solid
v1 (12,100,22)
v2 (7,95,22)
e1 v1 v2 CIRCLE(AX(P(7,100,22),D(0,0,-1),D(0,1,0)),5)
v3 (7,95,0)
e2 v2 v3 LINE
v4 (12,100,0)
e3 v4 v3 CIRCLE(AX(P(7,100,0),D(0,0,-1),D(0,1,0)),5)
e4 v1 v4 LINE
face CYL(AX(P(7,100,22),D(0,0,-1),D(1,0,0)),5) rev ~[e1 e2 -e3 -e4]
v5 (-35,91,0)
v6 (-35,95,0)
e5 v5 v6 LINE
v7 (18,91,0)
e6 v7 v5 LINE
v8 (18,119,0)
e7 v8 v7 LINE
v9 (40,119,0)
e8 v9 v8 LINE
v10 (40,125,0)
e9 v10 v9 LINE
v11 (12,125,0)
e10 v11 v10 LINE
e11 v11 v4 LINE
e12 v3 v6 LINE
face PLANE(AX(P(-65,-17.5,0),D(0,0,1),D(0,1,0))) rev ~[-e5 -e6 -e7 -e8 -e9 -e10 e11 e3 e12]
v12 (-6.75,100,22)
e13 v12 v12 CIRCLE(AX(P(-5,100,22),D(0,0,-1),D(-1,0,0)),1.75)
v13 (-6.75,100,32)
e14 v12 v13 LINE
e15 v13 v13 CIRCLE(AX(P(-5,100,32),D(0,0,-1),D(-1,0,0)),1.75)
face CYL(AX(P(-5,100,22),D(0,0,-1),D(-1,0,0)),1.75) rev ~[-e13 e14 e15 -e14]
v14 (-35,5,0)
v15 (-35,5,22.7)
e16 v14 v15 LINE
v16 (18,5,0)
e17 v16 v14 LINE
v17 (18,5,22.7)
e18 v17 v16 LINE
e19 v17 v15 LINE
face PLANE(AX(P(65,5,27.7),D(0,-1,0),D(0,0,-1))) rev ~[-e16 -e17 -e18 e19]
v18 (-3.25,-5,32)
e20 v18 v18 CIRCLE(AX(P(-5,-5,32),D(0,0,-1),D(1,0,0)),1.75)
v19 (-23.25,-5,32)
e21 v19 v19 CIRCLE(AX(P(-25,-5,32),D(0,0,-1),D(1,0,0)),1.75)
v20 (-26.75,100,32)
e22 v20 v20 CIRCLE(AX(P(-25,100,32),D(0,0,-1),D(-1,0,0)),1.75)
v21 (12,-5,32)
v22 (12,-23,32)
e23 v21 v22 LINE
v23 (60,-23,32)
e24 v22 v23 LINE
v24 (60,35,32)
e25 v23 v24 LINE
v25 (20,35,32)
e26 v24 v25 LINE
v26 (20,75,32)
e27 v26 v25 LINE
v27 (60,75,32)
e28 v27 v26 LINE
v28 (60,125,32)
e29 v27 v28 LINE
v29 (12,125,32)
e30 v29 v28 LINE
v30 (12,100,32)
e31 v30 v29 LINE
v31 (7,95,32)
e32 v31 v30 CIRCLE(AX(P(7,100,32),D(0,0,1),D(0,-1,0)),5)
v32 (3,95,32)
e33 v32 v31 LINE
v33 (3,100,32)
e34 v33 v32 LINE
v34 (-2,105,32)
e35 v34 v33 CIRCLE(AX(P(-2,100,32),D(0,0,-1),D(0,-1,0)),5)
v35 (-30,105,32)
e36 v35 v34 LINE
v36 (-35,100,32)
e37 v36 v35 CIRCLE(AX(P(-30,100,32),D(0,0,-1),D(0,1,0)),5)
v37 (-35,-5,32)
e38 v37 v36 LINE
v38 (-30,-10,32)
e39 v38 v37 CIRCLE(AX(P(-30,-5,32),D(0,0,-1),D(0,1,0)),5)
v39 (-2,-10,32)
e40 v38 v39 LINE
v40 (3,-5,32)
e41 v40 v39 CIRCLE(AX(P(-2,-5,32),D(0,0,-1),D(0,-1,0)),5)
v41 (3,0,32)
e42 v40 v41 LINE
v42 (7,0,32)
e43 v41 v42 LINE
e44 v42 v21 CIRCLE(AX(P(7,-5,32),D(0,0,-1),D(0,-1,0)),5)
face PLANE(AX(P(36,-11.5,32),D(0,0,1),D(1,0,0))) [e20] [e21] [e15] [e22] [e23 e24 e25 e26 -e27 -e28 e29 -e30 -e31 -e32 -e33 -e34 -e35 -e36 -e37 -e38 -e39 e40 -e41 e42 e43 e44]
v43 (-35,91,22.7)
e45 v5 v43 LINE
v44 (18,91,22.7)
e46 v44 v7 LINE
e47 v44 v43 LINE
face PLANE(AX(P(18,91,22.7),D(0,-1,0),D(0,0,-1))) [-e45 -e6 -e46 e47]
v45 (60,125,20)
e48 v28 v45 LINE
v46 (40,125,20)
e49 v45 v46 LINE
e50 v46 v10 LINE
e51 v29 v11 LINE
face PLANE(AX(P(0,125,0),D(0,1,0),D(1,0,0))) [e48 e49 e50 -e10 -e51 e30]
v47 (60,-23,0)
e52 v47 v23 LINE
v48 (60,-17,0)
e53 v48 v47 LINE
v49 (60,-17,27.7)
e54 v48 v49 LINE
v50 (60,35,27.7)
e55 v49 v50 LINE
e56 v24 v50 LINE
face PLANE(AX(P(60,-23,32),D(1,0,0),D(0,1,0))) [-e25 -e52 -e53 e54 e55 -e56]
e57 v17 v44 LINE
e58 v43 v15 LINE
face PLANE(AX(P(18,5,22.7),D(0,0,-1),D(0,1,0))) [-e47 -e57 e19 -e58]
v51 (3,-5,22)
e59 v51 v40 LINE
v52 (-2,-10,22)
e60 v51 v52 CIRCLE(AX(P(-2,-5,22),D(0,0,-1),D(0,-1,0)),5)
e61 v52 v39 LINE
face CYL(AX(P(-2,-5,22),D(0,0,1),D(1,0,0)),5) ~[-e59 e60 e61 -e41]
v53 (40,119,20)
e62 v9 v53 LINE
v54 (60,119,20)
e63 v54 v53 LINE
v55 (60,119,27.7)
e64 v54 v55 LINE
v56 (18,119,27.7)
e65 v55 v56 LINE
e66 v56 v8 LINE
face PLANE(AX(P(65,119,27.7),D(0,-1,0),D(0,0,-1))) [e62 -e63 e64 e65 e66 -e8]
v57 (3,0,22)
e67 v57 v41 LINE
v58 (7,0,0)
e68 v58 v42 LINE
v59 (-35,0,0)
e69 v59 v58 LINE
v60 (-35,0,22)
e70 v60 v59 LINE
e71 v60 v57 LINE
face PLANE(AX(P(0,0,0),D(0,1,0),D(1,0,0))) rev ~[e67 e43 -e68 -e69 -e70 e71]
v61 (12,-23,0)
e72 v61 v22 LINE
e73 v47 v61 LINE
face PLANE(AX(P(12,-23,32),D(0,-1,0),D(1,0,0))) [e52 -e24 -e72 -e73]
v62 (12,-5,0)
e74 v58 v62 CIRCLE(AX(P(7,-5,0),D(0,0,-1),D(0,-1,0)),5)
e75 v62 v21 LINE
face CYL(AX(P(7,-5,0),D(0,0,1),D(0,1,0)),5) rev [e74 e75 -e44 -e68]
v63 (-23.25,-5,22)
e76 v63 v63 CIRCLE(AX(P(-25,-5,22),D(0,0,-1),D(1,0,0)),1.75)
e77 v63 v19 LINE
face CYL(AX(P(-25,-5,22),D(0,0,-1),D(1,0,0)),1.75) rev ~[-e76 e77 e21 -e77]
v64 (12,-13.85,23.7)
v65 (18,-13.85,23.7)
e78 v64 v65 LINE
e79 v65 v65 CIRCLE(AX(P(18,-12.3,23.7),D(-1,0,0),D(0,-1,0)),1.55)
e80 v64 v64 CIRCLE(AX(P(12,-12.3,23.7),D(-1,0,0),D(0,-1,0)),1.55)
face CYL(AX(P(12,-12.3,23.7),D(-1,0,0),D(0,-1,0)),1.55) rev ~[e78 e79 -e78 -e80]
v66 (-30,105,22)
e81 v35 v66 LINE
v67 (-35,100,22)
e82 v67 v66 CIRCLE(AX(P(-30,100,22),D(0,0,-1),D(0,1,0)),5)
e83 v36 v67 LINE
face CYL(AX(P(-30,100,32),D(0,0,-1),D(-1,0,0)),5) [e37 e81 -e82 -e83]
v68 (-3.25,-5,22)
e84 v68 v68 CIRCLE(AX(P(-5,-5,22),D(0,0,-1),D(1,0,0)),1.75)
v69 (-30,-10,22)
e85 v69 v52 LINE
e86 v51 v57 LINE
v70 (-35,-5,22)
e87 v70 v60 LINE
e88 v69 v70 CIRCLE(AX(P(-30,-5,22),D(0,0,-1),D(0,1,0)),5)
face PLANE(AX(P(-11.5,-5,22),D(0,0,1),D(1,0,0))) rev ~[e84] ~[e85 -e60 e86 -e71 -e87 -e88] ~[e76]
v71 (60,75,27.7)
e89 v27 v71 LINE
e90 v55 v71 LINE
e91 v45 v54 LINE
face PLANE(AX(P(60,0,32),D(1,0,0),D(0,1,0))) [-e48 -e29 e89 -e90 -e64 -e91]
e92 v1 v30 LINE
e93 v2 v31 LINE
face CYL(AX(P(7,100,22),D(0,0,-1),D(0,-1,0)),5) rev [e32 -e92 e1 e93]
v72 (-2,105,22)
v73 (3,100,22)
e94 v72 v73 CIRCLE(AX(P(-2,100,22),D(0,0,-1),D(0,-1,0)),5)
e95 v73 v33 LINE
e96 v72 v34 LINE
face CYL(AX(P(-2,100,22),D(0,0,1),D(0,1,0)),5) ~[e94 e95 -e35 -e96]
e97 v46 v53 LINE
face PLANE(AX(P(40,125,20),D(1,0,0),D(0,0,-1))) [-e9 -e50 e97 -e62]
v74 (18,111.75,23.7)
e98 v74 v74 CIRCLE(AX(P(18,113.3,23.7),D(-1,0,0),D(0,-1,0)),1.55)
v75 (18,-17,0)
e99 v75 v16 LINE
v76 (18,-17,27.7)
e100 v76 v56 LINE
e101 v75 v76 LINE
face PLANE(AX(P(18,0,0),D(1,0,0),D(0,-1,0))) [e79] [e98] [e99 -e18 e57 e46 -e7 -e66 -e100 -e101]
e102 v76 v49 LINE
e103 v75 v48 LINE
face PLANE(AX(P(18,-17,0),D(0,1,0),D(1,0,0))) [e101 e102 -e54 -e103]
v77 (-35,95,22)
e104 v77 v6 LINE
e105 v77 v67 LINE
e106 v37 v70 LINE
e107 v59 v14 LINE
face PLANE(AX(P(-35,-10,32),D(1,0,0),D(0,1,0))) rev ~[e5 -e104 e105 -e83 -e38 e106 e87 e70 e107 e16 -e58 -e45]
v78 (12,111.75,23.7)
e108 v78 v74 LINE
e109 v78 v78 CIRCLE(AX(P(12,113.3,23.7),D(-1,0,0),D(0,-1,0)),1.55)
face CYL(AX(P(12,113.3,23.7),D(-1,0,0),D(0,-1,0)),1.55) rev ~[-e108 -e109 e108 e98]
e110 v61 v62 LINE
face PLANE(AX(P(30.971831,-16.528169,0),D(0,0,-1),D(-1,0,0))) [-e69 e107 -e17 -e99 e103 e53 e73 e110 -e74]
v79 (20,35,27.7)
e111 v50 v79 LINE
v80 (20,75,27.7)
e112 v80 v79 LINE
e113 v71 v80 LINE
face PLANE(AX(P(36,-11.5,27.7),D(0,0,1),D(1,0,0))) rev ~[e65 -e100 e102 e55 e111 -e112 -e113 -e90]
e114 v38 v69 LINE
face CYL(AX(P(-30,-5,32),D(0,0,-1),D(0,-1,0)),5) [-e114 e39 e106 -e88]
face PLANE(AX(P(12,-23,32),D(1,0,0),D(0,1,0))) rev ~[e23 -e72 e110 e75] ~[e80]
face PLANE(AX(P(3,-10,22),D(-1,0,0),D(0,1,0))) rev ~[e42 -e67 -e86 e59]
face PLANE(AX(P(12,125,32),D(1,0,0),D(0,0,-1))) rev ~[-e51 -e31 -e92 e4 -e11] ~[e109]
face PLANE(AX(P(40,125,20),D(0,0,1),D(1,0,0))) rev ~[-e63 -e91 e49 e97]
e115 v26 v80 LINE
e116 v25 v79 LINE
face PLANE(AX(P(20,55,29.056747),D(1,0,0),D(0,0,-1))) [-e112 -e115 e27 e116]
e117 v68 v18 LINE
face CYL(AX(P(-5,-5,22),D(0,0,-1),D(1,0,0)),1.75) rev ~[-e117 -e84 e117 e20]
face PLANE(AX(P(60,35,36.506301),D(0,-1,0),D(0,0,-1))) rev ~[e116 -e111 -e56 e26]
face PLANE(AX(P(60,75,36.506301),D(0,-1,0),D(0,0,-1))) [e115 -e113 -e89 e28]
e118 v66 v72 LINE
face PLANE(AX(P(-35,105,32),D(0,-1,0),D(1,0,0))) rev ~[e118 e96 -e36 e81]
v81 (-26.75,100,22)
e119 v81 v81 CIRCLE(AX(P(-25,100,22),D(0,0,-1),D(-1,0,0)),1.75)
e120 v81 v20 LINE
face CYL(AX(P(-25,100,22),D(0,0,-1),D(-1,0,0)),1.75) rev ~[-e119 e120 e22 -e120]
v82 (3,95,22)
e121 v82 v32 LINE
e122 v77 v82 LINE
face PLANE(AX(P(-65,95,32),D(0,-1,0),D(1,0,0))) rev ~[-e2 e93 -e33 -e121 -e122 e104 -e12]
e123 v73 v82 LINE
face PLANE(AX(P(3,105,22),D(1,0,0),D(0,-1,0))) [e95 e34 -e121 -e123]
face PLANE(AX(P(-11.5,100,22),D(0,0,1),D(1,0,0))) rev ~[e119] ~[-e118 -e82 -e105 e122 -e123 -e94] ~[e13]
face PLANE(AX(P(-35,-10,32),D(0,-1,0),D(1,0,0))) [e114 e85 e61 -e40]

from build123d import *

# Parameters (mm, degrees)
SKETCH_1_W                = 130
SKETCH_1_H                = 64
EXTRUDE_1_DEPTH           = 125
SKETCH_2_W                = 55.4
SKETCH_2_H                = 114
CUT_EXTRUDE_1_DEPTH       = 47
SKETCH_3_W                = 45.4
SKETCH_3_H                = 86
CUT_EXTRUDE_2_DEPTH       = 78
SKETCH_4_W                = 24.038907643
SKETCH_4_H                = 40
CUT_EXTRUDE_3_DEPTH       = 40
SKETCH_5_W                = 4.3
SKETCH_5_H                = 25
CUT_EXTRUDE_4_DEPTH       = 25
SKETCH_6_W                = 10
SKETCH_6_H                = 40
CUT_EXTRUDE_5_DEPTH       = 35
SKETCH_9_W                = 5
SKETCH_9_H                = 125
CUT_EXTRUDE_8_DEPTH       = 155.744951452
SKETCH_10_W               = 20
SKETCH_10_H               = 150
EXTRUDE_2_DEPTH           = 5
SKETCH_11_R               = 2.5
CUT_EXTRUDE_9_DEPTH       = 159.941026799
FILLET_1_R                = 3
SKETCH_12_W               = 32
SKETCH_12_H               = 30
CUT_EXTRUDE_10_DEPTH      = 161.864073055
SKETCH_13_W               = 45
SKETCH_13_H               = 50
CUT_EXTRUDE_11_DEPTH      = 30
FILLET_5_R                = 5
SKETCH_14_W               = 32
SKETCH_14_H               = 150
CUT_EXTRUDE_12_DEPTH      = 185.946613919
SKETCH_16_W               = 14.899109585
SKETCH_16_H               = 40
CUT_EXTRUDE_14_DEPTH      = 40
CUT_EXTRUDE_15_DEPTH      = 143.707007536
CUT_EXTRUDE_15_DEPTH_BACK = 143.707007536
SKETCH_17_W               = 30
SKETCH_17_H               = 95
SKETCH_18_W               = 20
SKETCH_18_H               = 6
CUT_EXTRUDE_16_DEPTH      = 150.244765402
SKETCH_20_W               = 47
SKETCH_20_H               = 10
EXTRUDE_3_DEPTH           = 10
SKETCH_21_R               = 1.75
CUT_EXTRUDE_17_DEPTH      = 141.388745988
SKETCH_23_W               = 42
SKETCH_23_H               = 27.7
CUT_EXTRUDE_19_DEPTH      = 138.927517197
EXTRUDE_4_DEPTH           = 27.7
SKETCH_25_W               = 48
SKETCH_25_H               = 23
EXTRUDE_5_DEPTH           = 4.3
FILLET_6_R                = 5
FILLET_8_R                = 5
CUT_EXTRUDE_23_DEPTH      = 10
SKETCH_31_R               = 1.55
CUT_EXTRUDE_24_DEPTH      = 138.669895039
FILLET_9_R                = 5
FILLET_10_R               = 5
FILLET_11_R               = 5


with BuildPart() as part:
    # 草图1 → 凸台-拉伸1 (new body)
    with BuildSketch(Plane(origin=(0, 0, 0), x_dir=(1, 0, 0), z_dir=(0, 1, 0))):
        Rectangle(SKETCH_1_W, SKETCH_1_H)
    extrude(amount=EXTRUDE_1_DEPTH)

    # 草图2 → 切除-拉伸1 (cut)
    with BuildSketch(Plane(origin=(65, 0, 0), x_dir=(0, 0, -1), z_dir=(1, 0, 0))):
        with Locations((0, 62)):
            Rectangle(SKETCH_2_W, SKETCH_2_H)
    extrude(amount=-CUT_EXTRUDE_1_DEPTH, mode=Mode.SUBTRACT)

    # 草图3 → 切除-拉伸2 (cut)
    with BuildSketch(Plane(origin=(18, 0, 0), x_dir=(0, 0, -1), z_dir=(1, 0, 0))):
        with Locations((0, 48)):
            Rectangle(SKETCH_3_W, SKETCH_3_H)
    extrude(amount=-CUT_EXTRUDE_2_DEPTH, mode=Mode.SUBTRACT)

    # 草图4 → 切除-拉伸3 (cut)
    with BuildSketch(Plane(origin=(65, 0, 0), x_dir=(0, 0, -1), z_dir=(1, 0, 0))):
        with Locations((26.569318974, 55)):
            Rectangle(SKETCH_4_W, SKETCH_4_H)
    extrude(amount=-CUT_EXTRUDE_3_DEPTH, mode=Mode.SUBTRACT)

    # 草图5 → 切除-拉伸4 (cut)
    with BuildSketch(Plane(origin=(65, 0, 0), x_dir=(0, 0, -1), z_dir=(1, 0, 0))):
        with Locations((29.85, 87.5)):
            Rectangle(SKETCH_5_W, SKETCH_5_H)
    extrude(amount=-CUT_EXTRUDE_4_DEPTH, mode=Mode.SUBTRACT)

    # 草图6 → 切除-拉伸5 (cut)
    with BuildSketch(Plane(origin=(0, 125, 0), x_dir=(1, 0, 0), z_dir=(0, 1, 0))):
        with Locations((45, 0)):
            Rectangle(SKETCH_6_W, SKETCH_6_H)
    extrude(amount=-CUT_EXTRUDE_5_DEPTH, mode=Mode.SUBTRACT)

    # 草图9 → 切除-拉伸8 (cut, through all)
    with BuildSketch(Plane.XY.offset(32)):
        with Locations((62.5, 62.5)):
            Rectangle(SKETCH_9_W, SKETCH_9_H)
    extrude(amount=-CUT_EXTRUDE_8_DEPTH, mode=Mode.SUBTRACT)

    # 草图10 → 凸台-拉伸2 (add)
    with BuildSketch(Plane(origin=(0, 0, -32), x_dir=(-1, 0, 0), z_dir=(0, 0, -1))):
        with Locations((15, 57.5)):
            Rectangle(SKETCH_10_W, SKETCH_10_H)
    extrude(amount=-EXTRUDE_2_DEPTH)

    # 草图11 → 切除-拉伸9 (cut, through all)
    with BuildSketch(Plane.XY.offset(-27)):
        with Locations((-15, -12)):
            Circle(SKETCH_11_R)
        with Locations((-15, 137)):
            Circle(SKETCH_11_R)
    extrude(amount=-CUT_EXTRUDE_9_DEPTH, mode=Mode.SUBTRACT)

    # 圆角1
    fillet_1_edges = [part.edges().sort_by_distance(p)[0] for p in [
        (-15, 0, -27),
        (-5, 0, -29.5),
        (-25, 0, -29.5),
        (-25, 132.5, -29.5),
        (-25, 125, -29.5),
        (-5, 125, -29.5),
        (-15, 125, -27),
        (-25, -17.5, -29.5),
        (-5, -17.5, -29.5),
        (-5, 132.5, -29.5),
    ]]
    fillet(fillet_1_edges, radius=FILLET_1_R)

    # 草图12 → 切除-拉伸10 (cut, through all)
    with BuildSketch(Plane.XY.offset(32)):
        with Locations((-49, 110)):
            Rectangle(SKETCH_12_W, SKETCH_12_H)
    extrude(amount=-CUT_EXTRUDE_10_DEPTH, mode=Mode.SUBTRACT)

    # 草图13 → 切除-拉伸11 (cut)
    with BuildSketch(Plane(origin=(0, 125, 0), x_dir=(1, 0, 0), z_dir=(0, 1, 0))):
        with Locations((-10.5, -7)):
            Rectangle(SKETCH_13_W, SKETCH_13_H)
    extrude(amount=-CUT_EXTRUDE_11_DEPTH, mode=Mode.SUBTRACT)

    # 圆角5
    fillet_5_edges = [part.edges().sort_by_distance(p)[0] for p in [
        (-33, 110, -18),
        (12, 110, -18),
    ]]
    fillet(fillet_5_edges, radius=FILLET_5_R)

    # 草图14 → 切除-拉伸12 (cut, through all)
    with BuildSketch(Plane.ZY.offset(65)):
        with Locations((-16, 57.5)):
            Rectangle(SKETCH_14_W, SKETCH_14_H)
    extrude(amount=-CUT_EXTRUDE_12_DEPTH, mode=Mode.SUBTRACT)

    # 草图16 → 切除-拉伸14 (cut)
    with BuildSketch(Plane(origin=(60, 0, 0), x_dir=(0, 0, -1), z_dir=(1, 0, 0))):
        with Locations((-29.056746571, 55)):
            Rectangle(SKETCH_16_W, SKETCH_16_H)
    extrude(amount=-CUT_EXTRUDE_14_DEPTH, mode=Mode.SUBTRACT)

    # 草图17 → 切除-拉伸15 (cut, two sides: drawn at the far end of the back side and taken through both)
    with BuildSketch(Plane(origin=(0, 0, 22.7), x_dir=(-1, 0, 0), z_dir=(0, 0, -1)).offset(-CUT_EXTRUDE_15_DEPTH_BACK)):
        with Locations((50, 47.5)):
            Rectangle(SKETCH_17_W, SKETCH_17_H)
    extrude(amount=CUT_EXTRUDE_15_DEPTH + CUT_EXTRUDE_15_DEPTH_BACK, mode=Mode.SUBTRACT)

    # 草图18 → 切除-拉伸16 (cut, through all)
    with BuildSketch(Plane(origin=(40, 0, 0), x_dir=(0, 0, -1), z_dir=(1, 0, 0))):
        with Locations((-10, 122)):
            Rectangle(SKETCH_18_W, SKETCH_18_H)
    extrude(amount=CUT_EXTRUDE_16_DEPTH, mode=Mode.SUBTRACT)

    # 草图20 → 凸台-拉伸3 (add)
    with BuildSketch(Plane.XY.offset(32)):
        with Locations((-11.5, -5)):
            Rectangle(SKETCH_20_W, SKETCH_20_H)
        with Locations((-11.5, 100)):
            Rectangle(SKETCH_20_W, SKETCH_20_H)
    extrude(amount=-EXTRUDE_3_DEPTH)

    # 草图21 → 切除-拉伸17 (cut, through all)
    with BuildSketch(Plane(origin=(0, 0, 22), x_dir=(-1, 0, 0), z_dir=(0, 0, -1))):
        with Locations(Location((25, -5, 0), (0, 0, 180))):
            Circle(SKETCH_21_R)
        with Locations(Location((5, -5, 0), (0, 0, 180))):
            Circle(SKETCH_21_R)
        with Locations((5, 100)):
            Circle(SKETCH_21_R)
        with Locations((25, 100)):
            Circle(SKETCH_21_R)
    extrude(amount=-CUT_EXTRUDE_17_DEPTH, mode=Mode.SUBTRACT)

    # 草图23 → 切除-拉伸19 (cut, through all)
    with BuildSketch(Plane(origin=(0, 5, 0), x_dir=(1, 0, 0), z_dir=(0, 1, 0))):
        with Locations((39, -13.85)):
            Rectangle(SKETCH_23_W, SKETCH_23_H)
    extrude(amount=-CUT_EXTRUDE_19_DEPTH, mode=Mode.SUBTRACT)

    # 草图24 → 凸台-拉伸4 (add)
    with BuildSketch(Plane(origin=(0, 0, 0), x_dir=(-1, 0, 0), z_dir=(0, 0, -1))):
        Polygon((-18, 0), (-18, -17), (-60, -17), (-60, -23), (-12, -23), (-12, 0), align=None)
    extrude(amount=-EXTRUDE_4_DEPTH)

    # 草图25 → 凸台-拉伸5 (add)
    with BuildSketch(Plane.XY.offset(32)):
        with Locations((36, -11.5)):
            Rectangle(SKETCH_25_W, SKETCH_25_H)
    extrude(amount=-EXTRUDE_5_DEPTH)

    # 圆角6
    fillet_6_edges = [part.edges().sort_by_distance(p)[0] for p in [
        (-35, 105, 27),
        (12, 105, 27),
        (-35, -10, 27),
        (12, -10, 27),
    ]]
    fillet(fillet_6_edges, radius=FILLET_6_R)

    # 圆角8
    fillet_8_edges = [part.edges().sort_by_distance(p)[0] for p in [
        (12, 95, 11),
    ]]
    fillet(fillet_8_edges, radius=FILLET_8_R)

    # 草图30 → 切除-拉伸23 (cut)
    with BuildSketch(Plane(origin=(0, 0, 22), x_dir=(-1, 0, 0), z_dir=(0, 0, -1))):
        with BuildLine():
            Line((-7, 105), (-3, 105))
            Line((-3, 105), (-3, 95))
            Line((-3, 95), (-7, 95))
            ThreePointArc((-7, 95), (-10.535533906, 96.464466094), (-12, 100))
            Line((-12, 100), (-12, 110))
            ThreePointArc((-12, 110), (-10.535533906, 106.464466094), (-7, 105))
        make_face()
        with BuildLine():
            Line((-7, -10), (-3, -10))
            Line((-3, -10), (-3, 0))
            Line((-3, 0), (-12, 0))
            Line((-12, 0), (-12, -15))
            ThreePointArc((-12, -15), (-10.535533906, -11.464466094), (-7, -10))
        make_face()
    extrude(amount=-CUT_EXTRUDE_23_DEPTH, mode=Mode.SUBTRACT)

    # 草图31 → 切除-拉伸24 (cut, through all)
    with BuildSketch(Plane.ZY.offset(-12)):
        with Locations(Location((23.7, 113.3, 0), (0, 0, 270))):
            Circle(SKETCH_31_R)
        with Locations(Location((23.7, -12.3, 0), (0, 0, 270))):
            Circle(SKETCH_31_R)
    extrude(amount=-CUT_EXTRUDE_24_DEPTH, mode=Mode.SUBTRACT)

    # 圆角9
    fillet_9_edges = [part.edges().sort_by_distance(p)[0] for p in [
        (12, 0, 16),
    ]]
    fillet(fillet_9_edges, radius=FILLET_9_R)

    # 圆角10
    fillet_10_edges = [part.edges().sort_by_distance(p)[0] for p in [
        (3, -10, 27),
    ]]
    fillet(fillet_10_edges, radius=FILLET_10_R)

    # 圆角11
    fillet_11_edges = [part.edges().sort_by_distance(p)[0] for p in [
        (3, 105, 27),
    ]]
    fillet(fillet_11_edges, radius=FILLET_11_R)


solid = part.part
